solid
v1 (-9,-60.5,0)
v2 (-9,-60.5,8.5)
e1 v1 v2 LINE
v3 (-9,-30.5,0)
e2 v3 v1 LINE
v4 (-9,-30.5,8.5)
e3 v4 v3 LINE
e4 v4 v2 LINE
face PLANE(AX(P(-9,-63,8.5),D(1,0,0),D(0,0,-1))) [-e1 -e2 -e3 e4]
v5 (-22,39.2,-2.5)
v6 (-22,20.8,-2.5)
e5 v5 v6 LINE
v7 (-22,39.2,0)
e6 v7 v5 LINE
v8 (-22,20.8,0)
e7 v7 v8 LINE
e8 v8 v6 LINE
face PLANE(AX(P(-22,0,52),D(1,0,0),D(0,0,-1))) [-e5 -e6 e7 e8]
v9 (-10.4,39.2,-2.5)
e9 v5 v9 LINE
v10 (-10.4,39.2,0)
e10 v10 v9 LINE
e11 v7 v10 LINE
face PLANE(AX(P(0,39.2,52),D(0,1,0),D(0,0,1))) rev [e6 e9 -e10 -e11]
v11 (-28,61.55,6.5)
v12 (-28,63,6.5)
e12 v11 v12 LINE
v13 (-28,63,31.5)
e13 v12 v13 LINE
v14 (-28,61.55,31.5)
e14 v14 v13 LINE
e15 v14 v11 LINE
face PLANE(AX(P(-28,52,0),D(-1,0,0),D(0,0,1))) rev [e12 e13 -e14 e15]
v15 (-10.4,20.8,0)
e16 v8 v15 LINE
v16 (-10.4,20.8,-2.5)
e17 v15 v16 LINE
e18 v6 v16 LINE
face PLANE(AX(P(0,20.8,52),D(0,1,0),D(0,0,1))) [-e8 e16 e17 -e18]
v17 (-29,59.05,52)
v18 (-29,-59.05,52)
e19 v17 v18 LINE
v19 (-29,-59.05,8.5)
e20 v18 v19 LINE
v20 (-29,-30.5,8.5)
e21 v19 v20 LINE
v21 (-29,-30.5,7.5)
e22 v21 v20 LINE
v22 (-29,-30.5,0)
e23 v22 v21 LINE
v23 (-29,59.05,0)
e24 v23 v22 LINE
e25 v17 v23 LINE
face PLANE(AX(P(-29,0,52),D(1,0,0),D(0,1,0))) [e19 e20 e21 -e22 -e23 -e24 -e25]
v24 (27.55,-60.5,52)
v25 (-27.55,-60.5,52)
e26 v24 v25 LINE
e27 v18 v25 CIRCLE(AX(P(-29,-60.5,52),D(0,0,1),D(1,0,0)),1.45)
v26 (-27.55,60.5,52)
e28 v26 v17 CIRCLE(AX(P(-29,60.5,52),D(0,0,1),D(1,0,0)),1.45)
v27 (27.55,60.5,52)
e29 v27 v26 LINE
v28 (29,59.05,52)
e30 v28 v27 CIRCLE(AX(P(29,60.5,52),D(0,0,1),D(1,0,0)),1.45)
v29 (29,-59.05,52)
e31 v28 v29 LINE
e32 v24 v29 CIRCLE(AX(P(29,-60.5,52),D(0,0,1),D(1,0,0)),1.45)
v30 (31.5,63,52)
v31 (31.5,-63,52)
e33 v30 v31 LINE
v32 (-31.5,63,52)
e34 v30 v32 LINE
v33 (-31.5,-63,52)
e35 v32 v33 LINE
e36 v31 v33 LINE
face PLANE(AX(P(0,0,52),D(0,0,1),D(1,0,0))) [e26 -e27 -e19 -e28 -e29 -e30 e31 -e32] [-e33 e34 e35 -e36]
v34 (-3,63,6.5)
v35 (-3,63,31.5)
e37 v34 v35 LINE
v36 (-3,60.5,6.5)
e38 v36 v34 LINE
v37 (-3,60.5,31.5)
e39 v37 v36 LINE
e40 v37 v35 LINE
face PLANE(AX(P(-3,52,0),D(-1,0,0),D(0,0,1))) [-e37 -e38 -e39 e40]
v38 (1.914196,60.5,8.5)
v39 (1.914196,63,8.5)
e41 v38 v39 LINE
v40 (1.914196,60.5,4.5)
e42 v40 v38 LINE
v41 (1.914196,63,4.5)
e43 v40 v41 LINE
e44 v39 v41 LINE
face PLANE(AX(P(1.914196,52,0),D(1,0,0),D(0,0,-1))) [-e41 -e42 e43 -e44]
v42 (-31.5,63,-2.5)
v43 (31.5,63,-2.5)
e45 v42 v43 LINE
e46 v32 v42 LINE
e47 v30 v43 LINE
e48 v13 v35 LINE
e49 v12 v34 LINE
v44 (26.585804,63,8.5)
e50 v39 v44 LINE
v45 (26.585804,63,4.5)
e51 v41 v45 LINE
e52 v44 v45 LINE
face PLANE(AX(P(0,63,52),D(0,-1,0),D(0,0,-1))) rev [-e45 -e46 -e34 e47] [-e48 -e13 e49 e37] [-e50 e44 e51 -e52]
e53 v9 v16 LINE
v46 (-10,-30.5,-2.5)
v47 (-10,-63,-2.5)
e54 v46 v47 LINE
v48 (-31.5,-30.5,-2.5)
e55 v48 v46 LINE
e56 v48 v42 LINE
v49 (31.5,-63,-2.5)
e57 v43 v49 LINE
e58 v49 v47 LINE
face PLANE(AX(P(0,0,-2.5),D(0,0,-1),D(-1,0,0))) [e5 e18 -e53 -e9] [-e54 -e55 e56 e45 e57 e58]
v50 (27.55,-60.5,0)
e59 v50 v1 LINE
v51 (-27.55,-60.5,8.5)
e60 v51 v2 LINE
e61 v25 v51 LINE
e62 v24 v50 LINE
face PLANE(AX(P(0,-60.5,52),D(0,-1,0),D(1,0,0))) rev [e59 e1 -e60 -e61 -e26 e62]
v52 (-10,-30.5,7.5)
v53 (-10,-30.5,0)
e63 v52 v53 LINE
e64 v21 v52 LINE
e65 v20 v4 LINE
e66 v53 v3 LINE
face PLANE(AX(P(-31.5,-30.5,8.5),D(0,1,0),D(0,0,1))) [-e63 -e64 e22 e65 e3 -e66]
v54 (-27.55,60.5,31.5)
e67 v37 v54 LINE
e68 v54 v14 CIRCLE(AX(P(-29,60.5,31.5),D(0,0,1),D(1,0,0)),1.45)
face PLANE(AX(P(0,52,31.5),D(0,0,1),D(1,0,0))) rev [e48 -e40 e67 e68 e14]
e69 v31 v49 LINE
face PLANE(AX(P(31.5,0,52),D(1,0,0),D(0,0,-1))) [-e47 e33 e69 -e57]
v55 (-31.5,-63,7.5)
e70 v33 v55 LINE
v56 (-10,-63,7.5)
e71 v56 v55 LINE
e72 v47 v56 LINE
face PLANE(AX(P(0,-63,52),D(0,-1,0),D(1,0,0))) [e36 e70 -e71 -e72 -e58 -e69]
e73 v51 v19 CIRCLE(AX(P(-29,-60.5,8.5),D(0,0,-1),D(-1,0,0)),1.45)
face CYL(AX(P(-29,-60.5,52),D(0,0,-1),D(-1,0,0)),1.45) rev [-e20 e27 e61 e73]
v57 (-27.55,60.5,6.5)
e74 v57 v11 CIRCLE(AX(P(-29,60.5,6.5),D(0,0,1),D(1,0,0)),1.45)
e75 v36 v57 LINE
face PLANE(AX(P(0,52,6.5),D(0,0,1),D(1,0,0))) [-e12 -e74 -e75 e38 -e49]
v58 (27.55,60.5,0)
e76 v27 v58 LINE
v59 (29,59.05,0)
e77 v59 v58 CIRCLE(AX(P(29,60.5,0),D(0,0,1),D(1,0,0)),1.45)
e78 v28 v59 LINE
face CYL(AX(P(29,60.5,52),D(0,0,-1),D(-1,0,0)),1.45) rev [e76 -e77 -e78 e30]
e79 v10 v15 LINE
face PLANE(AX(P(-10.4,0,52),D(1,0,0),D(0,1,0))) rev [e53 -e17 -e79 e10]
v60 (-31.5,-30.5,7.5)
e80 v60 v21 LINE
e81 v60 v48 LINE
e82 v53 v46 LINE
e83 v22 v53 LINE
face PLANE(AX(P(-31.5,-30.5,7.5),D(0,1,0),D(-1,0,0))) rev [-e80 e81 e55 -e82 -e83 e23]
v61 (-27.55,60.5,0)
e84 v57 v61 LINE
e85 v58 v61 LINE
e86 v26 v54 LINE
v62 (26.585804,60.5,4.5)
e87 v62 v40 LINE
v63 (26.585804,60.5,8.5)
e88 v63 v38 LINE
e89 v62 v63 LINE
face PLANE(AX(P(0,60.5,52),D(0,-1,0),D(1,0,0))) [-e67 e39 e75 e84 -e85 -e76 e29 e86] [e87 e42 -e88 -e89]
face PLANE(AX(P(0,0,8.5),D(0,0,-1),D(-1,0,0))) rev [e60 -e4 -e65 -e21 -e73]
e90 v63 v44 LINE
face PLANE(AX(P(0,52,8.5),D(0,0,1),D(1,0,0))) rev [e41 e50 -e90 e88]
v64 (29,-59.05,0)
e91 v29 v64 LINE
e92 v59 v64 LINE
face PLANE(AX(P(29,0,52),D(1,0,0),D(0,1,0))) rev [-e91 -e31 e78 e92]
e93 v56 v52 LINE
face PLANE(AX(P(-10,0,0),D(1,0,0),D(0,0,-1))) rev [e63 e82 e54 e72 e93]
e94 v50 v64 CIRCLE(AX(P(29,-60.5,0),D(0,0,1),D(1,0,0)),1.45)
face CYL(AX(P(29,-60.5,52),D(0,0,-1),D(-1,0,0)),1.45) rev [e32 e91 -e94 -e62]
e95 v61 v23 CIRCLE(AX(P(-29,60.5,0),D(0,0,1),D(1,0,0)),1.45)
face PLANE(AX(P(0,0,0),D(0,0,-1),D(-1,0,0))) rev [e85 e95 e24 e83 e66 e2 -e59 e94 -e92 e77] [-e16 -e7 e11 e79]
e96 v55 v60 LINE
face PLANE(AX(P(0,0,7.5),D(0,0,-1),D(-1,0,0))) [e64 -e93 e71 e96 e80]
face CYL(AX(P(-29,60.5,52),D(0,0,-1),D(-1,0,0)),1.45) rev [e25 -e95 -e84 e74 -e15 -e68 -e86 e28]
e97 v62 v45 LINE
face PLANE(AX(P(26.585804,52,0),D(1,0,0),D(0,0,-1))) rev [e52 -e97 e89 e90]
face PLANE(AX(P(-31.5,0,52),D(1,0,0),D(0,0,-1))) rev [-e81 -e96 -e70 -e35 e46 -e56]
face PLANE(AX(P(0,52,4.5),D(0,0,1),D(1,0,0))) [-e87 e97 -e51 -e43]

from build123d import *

# Parameters (mm, degrees)
SKETCH1_W           = 63
SKETCH1_H           = 126
BOSS_EXTRUDE1_DEPTH = 52
SKETCH2_W           = 63
SKETCH2_H           = 126
BOSS_EXTRUDE2_DEPTH = 2.5
SKETCH4_W           = 22.5
SKETCH4_H           = 32.5
CUT_EXTRUDE1_DEPTH  = 10
SKETCH5_W           = 22.5
SKETCH5_H           = 32.5
BOSS_EXTRUDE3_DEPTH = 1
SKETCH7_W           = 10
SKETCH7_H           = 32.5
BOSS_EXTRUDE6_DEPTH = 1
SKETCH8_W           = 11.6
SKETCH8_H           = 18.4
CUT_EXTRUDE2_DEPTH  = 90.058969228
SKETCH9_W           = 25
SKETCH9_H           = 25
CUT_EXTRUDE3_DEPTH  = 11
SKETCH10_W          = 24.67160759
SKETCH10_H          = 2
CUT_EXTRUDE4_DEPTH  = 11


with BuildPart() as part:
    # Sketch1 → Boss-Extrude1 (new body)
    with BuildSketch(Plane.XY):
        Rectangle(SKETCH1_W, SKETCH1_H)
        with BuildLine():
            Line((-27.55, 60.5), (27.55, 60.5))
            ThreePointArc((27.55, 60.5), (29, 61.95), (30.45, 60.5))
            ThreePointArc((30.45, 60.5), (30.025304833, 59.474695167), (29, 59.05))
            Line((29, 59.05), (29, -59.05))
            ThreePointArc((29, -59.05), (30.025304833, -59.474695167), (30.45, -60.5))
            ThreePointArc((30.45, -60.5), (29, -61.95), (27.55, -60.5))
            Line((27.55, -60.5), (-27.55, -60.5))
            ThreePointArc((-27.55, -60.5), (-30.025304833, -61.525304833), (-29, -59.05))
            Line((-29, -59.05), (-29, 59.05))
            ThreePointArc((-29, 59.05), (-30.025304833, 61.525304833), (-27.55, 60.5))
        make_face(mode=Mode.SUBTRACT)
    extrude(amount=BOSS_EXTRUDE1_DEPTH)

    # Sketch2 → Boss-Extrude2 (add)
    with BuildSketch(Plane(origin=(0, 0, 0), x_dir=(-1, 0, 0), z_dir=(0, 0, -1))):
        Rectangle(SKETCH2_W, SKETCH2_H)
    extrude(amount=BOSS_EXTRUDE2_DEPTH)

    # Sketch4 → Cut-Extrude1 (cut)
    with BuildSketch(Plane(origin=(0, 0, -2.5), x_dir=(-1, 0, 0), z_dir=(0, 0, -1))):
        with Locations((20.25, -46.75)):
            Rectangle(SKETCH4_W, SKETCH4_H)
    extrude(amount=-CUT_EXTRUDE1_DEPTH, mode=Mode.SUBTRACT)

    # Sketch5 → Boss-Extrude3 (add)
    with BuildSketch(Plane(origin=(0, 0, 7.5), x_dir=(-1, 0, 0), z_dir=(0, 0, -1))):
        with Locations((20.25, -46.75)):
            Rectangle(SKETCH5_W, SKETCH5_H)
    extrude(amount=-BOSS_EXTRUDE3_DEPTH)

    # Sketch7 → Boss-Extrude6 (add)
    with BuildSketch(Plane.ZY.offset(9)):
        with Locations((2.5, -46.75)):
            Rectangle(SKETCH7_W, SKETCH7_H)
    extrude(amount=BOSS_EXTRUDE6_DEPTH)

    # Sketch8 → Cut-Extrude2 (cut, through all)
    with BuildSketch(Plane(origin=(0, 0, -2.5), x_dir=(-1, 0, 0), z_dir=(0, 0, -1))):
        with Locations((16.2, 30)):
            Rectangle(SKETCH8_W, SKETCH8_H)
    extrude(amount=-CUT_EXTRUDE2_DEPTH, mode=Mode.SUBTRACT)

    # Sketch9 → Cut-Extrude3 (cut)
    with BuildSketch(Plane(origin=(0, 63, 0), x_dir=(1, 0, 0), z_dir=(0, 1, 0))):
        with Locations((-15.5, -19)):
            Rectangle(SKETCH9_W, SKETCH9_H)
    extrude(amount=-CUT_EXTRUDE3_DEPTH, mode=Mode.SUBTRACT)

    # Sketch10 → Cut-Extrude4 (cut)
    with BuildSketch(Plane(origin=(0, 63, 0), x_dir=(1, 0, 0), z_dir=(0, 1, 0))):
        with Locations((14.25, -7.5)):
            Rectangle(SKETCH10_W, SKETCH10_H)
        with Locations((14.25, -5.5)):
            Rectangle(SKETCH10_W, SKETCH10_H)
    extrude(amount=-CUT_EXTRUDE4_DEPTH, mode=Mode.SUBTRACT)


solid = part.part
